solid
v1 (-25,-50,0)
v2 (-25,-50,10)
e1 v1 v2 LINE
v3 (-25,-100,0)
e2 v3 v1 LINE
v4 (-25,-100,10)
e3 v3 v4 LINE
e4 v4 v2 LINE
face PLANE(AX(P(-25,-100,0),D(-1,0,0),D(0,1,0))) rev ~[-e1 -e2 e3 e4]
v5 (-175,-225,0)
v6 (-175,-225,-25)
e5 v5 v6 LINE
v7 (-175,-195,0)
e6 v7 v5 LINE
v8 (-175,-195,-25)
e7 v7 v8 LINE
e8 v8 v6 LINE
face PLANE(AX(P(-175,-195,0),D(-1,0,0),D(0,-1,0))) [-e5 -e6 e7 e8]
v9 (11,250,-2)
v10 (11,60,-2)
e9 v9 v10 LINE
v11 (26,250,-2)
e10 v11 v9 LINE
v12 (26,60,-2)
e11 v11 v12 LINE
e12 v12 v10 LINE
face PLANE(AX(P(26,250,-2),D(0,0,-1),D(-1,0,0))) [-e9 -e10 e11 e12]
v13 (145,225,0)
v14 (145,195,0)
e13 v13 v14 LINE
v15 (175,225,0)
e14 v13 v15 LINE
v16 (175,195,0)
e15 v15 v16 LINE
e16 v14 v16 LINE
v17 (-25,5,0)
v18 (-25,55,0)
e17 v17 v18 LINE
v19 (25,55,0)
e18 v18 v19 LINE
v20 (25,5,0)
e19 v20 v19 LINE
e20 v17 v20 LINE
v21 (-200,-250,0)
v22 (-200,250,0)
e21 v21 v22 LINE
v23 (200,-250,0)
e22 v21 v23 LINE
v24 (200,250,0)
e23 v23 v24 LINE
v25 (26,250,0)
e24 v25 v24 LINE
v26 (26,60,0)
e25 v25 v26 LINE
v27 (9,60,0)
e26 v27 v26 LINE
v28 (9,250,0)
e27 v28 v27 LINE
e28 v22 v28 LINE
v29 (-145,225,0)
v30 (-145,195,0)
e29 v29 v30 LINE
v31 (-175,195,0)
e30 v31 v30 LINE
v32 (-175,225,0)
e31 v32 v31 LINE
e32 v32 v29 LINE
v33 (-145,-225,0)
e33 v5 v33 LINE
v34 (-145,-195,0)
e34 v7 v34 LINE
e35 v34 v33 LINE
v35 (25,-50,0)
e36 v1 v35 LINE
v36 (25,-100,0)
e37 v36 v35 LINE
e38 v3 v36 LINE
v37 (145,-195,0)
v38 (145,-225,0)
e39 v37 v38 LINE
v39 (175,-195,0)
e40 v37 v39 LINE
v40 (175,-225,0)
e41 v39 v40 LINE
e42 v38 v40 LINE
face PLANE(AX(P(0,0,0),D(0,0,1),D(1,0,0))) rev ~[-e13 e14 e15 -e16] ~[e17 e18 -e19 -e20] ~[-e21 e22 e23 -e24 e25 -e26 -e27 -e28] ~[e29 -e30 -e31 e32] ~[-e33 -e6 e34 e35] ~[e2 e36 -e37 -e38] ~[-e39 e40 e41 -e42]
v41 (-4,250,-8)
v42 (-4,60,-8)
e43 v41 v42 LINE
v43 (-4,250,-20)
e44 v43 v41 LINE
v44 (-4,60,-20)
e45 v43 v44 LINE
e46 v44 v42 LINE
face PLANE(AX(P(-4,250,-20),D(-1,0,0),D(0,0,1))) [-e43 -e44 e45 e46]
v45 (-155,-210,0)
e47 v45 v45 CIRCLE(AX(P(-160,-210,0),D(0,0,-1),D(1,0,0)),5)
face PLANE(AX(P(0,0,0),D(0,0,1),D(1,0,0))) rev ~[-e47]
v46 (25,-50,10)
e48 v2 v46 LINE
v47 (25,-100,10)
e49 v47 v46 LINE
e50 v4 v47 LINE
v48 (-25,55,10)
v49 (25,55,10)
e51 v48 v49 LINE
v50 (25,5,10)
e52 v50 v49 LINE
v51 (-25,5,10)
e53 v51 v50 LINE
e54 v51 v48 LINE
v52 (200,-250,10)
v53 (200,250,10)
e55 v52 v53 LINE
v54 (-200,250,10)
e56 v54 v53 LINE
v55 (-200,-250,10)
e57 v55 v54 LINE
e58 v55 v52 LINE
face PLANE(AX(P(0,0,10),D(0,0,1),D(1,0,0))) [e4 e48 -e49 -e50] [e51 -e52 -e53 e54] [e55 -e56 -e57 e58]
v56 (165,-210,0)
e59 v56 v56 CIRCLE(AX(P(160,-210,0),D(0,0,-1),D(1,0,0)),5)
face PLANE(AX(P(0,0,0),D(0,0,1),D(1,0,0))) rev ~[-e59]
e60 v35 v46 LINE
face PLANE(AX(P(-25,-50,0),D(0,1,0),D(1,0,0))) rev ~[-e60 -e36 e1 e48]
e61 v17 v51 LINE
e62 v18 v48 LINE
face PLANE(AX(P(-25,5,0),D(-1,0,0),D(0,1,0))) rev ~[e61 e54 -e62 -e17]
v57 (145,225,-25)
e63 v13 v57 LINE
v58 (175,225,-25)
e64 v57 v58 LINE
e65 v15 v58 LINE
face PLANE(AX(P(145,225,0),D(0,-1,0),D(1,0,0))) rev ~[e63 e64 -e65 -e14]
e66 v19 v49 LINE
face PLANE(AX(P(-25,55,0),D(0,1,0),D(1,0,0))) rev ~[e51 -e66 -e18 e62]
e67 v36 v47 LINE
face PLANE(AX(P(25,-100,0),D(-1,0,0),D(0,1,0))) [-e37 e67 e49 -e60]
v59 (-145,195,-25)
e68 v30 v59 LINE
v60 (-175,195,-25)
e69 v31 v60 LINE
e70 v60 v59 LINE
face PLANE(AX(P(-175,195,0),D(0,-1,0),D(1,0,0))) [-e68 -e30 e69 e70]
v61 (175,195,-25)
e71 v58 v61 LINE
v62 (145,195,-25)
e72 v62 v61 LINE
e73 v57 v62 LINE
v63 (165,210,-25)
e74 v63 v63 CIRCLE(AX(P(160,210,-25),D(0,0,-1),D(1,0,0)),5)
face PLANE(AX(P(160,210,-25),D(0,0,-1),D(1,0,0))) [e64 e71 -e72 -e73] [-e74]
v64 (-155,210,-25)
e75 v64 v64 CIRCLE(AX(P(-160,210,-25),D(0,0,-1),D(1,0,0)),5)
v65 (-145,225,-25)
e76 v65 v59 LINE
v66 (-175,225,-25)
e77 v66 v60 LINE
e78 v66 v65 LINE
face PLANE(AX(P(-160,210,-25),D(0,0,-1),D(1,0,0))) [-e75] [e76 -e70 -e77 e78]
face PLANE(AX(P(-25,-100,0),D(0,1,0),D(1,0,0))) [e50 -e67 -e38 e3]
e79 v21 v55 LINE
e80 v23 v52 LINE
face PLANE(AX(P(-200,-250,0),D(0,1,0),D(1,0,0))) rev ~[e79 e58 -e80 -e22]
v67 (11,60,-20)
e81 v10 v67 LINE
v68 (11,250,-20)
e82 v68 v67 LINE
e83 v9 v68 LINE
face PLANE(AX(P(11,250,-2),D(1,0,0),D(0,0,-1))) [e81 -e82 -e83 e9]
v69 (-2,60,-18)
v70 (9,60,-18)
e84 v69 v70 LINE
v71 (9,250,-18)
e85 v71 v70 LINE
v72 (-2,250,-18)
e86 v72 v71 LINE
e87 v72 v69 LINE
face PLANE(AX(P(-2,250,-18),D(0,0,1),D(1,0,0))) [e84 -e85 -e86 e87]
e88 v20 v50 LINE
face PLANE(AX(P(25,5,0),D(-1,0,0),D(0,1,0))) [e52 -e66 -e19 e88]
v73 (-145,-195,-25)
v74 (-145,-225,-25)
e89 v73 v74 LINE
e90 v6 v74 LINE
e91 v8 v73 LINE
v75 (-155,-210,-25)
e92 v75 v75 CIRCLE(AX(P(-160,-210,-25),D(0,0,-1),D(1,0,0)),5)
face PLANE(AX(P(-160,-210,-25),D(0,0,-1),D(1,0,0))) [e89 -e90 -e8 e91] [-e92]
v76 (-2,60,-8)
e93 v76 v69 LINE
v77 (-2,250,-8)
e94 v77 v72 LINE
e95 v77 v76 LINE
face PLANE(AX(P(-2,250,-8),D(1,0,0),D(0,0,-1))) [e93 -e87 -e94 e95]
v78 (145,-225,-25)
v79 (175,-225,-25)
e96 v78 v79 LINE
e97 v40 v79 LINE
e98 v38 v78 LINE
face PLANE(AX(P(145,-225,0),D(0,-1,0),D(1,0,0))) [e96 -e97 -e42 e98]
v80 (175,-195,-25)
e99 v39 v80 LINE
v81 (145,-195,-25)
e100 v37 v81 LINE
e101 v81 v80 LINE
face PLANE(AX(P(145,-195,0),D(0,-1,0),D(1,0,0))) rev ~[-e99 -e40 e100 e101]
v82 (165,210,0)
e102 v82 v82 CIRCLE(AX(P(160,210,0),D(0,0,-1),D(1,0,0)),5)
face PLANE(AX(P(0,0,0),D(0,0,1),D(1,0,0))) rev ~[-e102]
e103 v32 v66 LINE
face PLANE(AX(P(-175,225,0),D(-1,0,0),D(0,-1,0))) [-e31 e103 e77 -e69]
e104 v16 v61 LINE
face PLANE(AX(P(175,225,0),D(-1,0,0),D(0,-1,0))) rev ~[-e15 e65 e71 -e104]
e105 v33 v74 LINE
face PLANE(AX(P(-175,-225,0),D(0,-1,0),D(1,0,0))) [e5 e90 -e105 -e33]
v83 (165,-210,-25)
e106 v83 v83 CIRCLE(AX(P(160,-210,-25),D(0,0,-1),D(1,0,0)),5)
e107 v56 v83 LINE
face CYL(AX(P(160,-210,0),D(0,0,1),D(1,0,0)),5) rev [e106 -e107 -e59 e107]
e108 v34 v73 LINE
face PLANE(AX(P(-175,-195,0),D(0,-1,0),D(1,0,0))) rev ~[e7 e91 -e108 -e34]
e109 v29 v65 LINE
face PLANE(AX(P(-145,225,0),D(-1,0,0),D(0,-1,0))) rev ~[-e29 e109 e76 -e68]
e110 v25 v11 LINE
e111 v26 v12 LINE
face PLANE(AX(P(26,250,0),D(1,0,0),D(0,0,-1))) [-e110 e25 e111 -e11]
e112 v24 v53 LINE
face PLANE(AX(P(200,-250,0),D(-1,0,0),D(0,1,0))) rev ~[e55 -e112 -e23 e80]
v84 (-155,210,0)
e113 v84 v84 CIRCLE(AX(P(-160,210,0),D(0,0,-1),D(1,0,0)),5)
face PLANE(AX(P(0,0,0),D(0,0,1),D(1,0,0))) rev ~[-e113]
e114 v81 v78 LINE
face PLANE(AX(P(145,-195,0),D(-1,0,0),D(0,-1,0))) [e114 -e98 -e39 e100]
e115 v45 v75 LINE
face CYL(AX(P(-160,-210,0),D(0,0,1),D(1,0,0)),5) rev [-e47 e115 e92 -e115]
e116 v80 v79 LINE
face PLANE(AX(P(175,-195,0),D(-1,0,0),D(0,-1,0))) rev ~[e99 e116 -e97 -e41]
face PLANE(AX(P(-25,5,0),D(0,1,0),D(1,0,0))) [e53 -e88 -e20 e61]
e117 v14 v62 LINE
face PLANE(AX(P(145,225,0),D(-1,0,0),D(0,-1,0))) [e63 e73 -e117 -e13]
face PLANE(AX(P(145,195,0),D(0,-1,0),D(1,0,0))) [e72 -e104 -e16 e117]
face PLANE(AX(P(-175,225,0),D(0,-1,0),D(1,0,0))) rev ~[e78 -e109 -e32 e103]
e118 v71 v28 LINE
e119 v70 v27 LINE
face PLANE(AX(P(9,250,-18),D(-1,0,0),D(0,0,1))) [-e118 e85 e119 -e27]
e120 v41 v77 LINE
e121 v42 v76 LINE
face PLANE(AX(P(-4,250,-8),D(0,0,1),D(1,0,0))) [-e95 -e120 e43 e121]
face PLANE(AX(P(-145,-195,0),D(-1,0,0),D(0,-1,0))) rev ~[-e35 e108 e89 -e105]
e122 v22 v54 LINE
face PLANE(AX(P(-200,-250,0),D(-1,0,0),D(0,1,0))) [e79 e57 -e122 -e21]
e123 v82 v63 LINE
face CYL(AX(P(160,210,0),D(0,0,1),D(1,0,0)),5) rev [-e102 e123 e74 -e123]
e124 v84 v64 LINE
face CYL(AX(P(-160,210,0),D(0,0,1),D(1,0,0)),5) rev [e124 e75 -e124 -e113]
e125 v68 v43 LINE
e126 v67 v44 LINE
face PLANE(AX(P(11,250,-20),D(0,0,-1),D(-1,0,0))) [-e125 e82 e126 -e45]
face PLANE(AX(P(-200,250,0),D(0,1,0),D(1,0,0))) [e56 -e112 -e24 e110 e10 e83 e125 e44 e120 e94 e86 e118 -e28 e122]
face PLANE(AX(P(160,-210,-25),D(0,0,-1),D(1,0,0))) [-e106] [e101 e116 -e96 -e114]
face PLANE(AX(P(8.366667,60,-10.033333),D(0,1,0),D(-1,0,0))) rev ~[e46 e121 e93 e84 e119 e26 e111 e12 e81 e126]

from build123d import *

# Parameters (mm, degrees)
F0_W     = 400
F0_H     = 500
F0_W_2   = 50
F0_H_2   = 50
F1_DEPTH = 10
F2_W     = 30
F2_H     = 30
F2_R     = 5
F3_DEPTH = 25
F5_DEPTH = 190


with BuildPart() as f1:
    # F0 (on Top) → F1 (new body)
    with BuildSketch(Plane.XY):
        Rectangle(F0_W, F0_H)
        with Locations((0, -75)):
            Rectangle(F0_W_2, F0_H_2, mode=Mode.SUBTRACT)
        with Locations((0, 30)):
            Rectangle(F0_W_2, F0_H_2, mode=Mode.SUBTRACT)
    extrude(amount=F1_DEPTH)

    # F2 (on face) → F3 (join)
    with BuildSketch(Plane(origin=(0, 0, 0), x_dir=(1, 0, 0), z_dir=(0, 0, -1))):
        with Locations((160, 210)):
            Rectangle(F2_W, F2_H)
        with Locations((160, 210)):
            Circle(F2_R, mode=Mode.SUBTRACT)
        with Locations((160, -210)):
            Rectangle(F2_W, F2_H)
        with Locations((160, -210)):
            Circle(F2_R, mode=Mode.SUBTRACT)
        with Locations((-160, -210)):
            Rectangle(F2_W, F2_H)
        with Locations((-160, -210)):
            Circle(F2_R, mode=Mode.SUBTRACT)
        with Locations((-160, 210)):
            Rectangle(F2_W, F2_H)
        with Locations((-160, 210)):
            Circle(F2_R, mode=Mode.SUBTRACT)
    extrude(amount=F3_DEPTH)

    # F4 (on face) → F5 (join)
    with BuildSketch(Plane(origin=(0, 250, 0), x_dir=(-1, 0, 0), z_dir=(0, 1, 0))):
        Polygon((4, -20), (4, -8), (2, -8), (2, -18), (-9, -18), (-9, 0), (-26, 0), (-26, -2), (-11, -2), (-11, -20), align=None)
    extrude(amount=-F5_DEPTH)


solid = f1.part
